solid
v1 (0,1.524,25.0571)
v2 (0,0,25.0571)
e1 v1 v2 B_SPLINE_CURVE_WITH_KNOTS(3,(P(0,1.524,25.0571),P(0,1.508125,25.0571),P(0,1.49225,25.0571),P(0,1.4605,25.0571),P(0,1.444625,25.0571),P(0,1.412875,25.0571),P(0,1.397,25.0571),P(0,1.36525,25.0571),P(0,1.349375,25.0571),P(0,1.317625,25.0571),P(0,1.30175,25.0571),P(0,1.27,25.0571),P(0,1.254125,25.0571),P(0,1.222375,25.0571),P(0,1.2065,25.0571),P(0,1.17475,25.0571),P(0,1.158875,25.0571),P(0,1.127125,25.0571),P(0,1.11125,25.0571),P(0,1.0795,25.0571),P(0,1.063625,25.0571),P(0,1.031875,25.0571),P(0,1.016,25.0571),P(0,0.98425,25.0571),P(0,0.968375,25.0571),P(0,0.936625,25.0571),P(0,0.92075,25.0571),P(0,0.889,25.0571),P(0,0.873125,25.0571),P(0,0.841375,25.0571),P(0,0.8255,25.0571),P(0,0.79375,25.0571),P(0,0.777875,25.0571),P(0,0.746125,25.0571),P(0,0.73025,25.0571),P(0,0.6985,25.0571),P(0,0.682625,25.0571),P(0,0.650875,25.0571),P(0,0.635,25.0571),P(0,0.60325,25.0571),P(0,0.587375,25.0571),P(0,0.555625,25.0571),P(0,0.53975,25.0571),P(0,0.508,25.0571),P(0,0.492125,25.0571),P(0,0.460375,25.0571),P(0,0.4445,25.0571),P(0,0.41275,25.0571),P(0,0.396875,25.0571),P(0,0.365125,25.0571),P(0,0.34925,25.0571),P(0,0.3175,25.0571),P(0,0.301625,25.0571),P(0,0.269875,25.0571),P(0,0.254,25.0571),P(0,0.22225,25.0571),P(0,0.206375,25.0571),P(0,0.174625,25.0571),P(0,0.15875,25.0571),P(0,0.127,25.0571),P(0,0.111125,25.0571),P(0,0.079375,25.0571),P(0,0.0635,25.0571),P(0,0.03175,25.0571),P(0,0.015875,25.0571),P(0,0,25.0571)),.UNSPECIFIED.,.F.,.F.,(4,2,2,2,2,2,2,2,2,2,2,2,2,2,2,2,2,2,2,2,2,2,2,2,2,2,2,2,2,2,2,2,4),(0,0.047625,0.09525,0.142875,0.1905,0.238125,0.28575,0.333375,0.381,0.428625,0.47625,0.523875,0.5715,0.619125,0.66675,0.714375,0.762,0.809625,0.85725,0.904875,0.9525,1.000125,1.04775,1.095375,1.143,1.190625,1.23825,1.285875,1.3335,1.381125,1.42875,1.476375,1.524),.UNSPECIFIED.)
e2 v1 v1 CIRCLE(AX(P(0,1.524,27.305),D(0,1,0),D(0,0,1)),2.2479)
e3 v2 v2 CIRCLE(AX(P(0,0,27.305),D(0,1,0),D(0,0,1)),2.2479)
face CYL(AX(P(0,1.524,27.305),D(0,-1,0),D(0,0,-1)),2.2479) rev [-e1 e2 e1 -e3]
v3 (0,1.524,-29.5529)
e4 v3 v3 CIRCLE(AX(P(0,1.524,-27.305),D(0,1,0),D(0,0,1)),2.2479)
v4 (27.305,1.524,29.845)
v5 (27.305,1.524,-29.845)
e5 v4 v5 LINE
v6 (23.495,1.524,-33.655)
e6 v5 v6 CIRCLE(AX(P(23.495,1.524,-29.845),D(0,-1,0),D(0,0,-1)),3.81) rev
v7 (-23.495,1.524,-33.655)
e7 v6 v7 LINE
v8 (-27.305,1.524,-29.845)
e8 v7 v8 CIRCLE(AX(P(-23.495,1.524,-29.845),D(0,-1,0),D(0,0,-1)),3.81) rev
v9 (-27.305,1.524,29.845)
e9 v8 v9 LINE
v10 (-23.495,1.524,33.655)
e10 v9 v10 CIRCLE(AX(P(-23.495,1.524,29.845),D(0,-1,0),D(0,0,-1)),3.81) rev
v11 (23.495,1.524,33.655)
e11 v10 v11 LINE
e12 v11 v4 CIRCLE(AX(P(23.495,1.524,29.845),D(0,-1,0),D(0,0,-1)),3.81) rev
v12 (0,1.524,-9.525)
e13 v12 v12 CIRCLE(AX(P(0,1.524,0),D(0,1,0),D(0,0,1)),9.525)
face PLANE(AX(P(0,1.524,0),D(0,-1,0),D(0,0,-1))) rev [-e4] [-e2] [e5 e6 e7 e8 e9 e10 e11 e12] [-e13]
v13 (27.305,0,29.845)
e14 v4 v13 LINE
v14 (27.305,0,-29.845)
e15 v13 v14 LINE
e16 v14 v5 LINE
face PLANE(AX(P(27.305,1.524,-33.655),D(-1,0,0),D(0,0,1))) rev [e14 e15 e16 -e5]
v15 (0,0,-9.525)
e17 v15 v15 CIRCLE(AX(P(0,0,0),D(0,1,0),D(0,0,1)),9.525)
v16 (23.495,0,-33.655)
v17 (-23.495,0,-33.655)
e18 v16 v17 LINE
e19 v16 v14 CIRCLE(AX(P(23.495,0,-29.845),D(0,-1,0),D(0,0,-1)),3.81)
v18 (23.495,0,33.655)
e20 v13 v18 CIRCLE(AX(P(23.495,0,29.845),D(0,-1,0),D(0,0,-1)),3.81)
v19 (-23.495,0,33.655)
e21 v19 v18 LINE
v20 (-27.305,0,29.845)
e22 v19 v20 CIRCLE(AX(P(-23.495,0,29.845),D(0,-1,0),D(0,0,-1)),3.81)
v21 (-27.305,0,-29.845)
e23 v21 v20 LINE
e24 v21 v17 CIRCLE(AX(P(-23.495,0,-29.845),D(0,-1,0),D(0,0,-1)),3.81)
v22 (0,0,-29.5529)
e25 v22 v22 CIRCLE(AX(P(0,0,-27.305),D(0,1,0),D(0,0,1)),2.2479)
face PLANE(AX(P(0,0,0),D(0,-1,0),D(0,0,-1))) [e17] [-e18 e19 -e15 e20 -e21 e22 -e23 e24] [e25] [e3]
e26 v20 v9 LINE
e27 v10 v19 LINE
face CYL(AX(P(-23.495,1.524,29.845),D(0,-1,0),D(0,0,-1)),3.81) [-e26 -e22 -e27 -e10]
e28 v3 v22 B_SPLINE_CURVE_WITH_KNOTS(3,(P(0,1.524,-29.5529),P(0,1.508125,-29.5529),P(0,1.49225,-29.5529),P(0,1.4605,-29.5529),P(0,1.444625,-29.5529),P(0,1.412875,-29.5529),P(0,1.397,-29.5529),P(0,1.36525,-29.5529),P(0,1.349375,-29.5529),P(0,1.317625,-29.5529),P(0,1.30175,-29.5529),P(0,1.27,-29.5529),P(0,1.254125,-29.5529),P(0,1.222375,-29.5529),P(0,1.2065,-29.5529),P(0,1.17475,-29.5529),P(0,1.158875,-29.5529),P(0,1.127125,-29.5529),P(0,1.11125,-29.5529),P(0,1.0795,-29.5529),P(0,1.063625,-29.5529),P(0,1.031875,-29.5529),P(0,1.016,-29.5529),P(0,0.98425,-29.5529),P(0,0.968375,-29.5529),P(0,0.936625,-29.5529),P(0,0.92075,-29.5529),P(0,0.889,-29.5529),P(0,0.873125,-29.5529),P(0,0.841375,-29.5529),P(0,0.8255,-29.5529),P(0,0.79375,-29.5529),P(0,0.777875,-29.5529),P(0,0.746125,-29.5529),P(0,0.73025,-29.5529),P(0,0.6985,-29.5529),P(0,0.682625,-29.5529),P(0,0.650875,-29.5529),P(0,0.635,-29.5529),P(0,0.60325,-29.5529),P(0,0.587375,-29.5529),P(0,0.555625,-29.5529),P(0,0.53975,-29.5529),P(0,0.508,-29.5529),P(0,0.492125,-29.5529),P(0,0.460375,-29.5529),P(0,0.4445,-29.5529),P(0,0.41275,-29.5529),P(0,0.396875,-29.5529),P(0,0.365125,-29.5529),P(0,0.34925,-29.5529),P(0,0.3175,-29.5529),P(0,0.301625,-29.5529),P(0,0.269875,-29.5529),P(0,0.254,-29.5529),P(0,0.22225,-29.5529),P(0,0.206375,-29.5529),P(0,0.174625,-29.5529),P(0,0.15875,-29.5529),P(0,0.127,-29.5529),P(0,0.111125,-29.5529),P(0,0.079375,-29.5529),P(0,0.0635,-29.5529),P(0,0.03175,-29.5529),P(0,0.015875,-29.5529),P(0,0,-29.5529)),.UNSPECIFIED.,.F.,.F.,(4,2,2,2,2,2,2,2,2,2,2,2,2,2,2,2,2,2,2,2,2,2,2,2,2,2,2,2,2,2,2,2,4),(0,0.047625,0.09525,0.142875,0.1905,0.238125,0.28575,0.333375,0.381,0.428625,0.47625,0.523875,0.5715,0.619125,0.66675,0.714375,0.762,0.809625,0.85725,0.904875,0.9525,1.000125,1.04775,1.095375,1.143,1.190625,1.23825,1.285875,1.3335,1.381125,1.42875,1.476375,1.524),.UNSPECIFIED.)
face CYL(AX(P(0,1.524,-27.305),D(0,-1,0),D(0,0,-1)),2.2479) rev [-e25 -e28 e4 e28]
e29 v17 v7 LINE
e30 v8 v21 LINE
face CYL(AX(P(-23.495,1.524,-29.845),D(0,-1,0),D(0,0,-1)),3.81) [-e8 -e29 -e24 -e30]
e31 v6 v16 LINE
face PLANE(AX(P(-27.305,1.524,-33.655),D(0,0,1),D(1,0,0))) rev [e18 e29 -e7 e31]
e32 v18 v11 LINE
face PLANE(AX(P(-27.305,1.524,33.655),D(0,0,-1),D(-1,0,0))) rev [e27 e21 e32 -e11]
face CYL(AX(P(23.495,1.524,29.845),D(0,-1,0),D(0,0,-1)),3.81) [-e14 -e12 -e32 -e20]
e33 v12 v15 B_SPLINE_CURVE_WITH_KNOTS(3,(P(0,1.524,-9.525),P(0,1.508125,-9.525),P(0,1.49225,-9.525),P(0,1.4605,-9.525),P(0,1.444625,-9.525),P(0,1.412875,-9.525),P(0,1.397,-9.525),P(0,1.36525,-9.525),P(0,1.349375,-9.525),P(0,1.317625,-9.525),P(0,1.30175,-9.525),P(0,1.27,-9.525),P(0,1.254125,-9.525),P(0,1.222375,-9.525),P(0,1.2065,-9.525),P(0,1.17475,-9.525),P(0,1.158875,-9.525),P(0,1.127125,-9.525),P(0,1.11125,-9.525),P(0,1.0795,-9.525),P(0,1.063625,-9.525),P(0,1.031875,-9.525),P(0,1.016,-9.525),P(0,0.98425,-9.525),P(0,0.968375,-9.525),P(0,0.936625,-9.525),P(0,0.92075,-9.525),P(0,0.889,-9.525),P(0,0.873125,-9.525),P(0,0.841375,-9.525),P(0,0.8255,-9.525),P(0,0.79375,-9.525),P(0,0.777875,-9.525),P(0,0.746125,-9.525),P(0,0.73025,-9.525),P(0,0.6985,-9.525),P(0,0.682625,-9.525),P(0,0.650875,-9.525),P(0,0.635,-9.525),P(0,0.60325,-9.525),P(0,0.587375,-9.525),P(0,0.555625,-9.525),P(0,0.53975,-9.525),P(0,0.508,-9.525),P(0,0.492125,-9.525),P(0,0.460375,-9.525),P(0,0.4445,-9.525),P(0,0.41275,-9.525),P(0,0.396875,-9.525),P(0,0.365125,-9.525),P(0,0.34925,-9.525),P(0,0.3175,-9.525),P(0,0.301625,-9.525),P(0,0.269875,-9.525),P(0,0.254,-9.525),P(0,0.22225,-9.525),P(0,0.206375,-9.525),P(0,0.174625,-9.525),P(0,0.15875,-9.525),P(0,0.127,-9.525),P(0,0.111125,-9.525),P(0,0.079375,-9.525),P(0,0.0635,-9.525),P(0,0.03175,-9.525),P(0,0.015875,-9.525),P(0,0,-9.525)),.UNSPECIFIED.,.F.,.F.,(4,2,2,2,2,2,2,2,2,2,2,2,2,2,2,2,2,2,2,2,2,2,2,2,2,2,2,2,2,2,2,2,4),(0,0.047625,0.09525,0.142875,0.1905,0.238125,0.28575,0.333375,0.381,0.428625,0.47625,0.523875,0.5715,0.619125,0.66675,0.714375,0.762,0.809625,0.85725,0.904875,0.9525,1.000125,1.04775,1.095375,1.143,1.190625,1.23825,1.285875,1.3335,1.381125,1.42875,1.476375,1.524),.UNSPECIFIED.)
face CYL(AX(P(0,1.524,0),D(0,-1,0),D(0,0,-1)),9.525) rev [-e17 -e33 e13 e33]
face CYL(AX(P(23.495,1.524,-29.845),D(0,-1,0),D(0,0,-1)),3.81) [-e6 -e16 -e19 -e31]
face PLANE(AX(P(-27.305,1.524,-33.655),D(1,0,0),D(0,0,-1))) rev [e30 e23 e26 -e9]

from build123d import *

# Parameters (mm, degrees)
SKETCH1_W           = 54.61
SKETCH1_H           = 67.31
SKETCH1_R           = 9.525
SKETCH1_R_2         = 2.2479
BOSS_EXTRUDE1_DEPTH = 1.524
FILLET1_R           = 3.81


with BuildPart() as part:
    # Sketch1 → Boss-Extrude1 (new body)
    with BuildSketch(Plane(origin=(0, 0, 0), x_dir=(1, 0, 0), z_dir=(0, 1, 0))):
        Rectangle(SKETCH1_W, SKETCH1_H)
        with Locations(Location((0, 0, 0), (0, 0, 90))):
            Circle(SKETCH1_R, mode=Mode.SUBTRACT)
        with Locations(Location((0, 27.305, 0), (0, 0, 90))):
            Circle(SKETCH1_R_2, mode=Mode.SUBTRACT)
        with Locations(Location((0, -27.305, 0), (0, 0, 90))):
            Circle(SKETCH1_R_2, mode=Mode.SUBTRACT)
    extrude(amount=BOSS_EXTRUDE1_DEPTH)

    # Fillet1
    fillet1_edges = [part.edges().sort_by_distance(p)[0] for p in [
        (27.305, 0.762, -33.655),
        (27.305, 0.762, 33.655),
        (-27.305, 0.762, 33.655),
        (-27.305, 0.762, -33.655),
    ]]
    fillet(fillet1_edges, radius=FILLET1_R)


solid = part.part
